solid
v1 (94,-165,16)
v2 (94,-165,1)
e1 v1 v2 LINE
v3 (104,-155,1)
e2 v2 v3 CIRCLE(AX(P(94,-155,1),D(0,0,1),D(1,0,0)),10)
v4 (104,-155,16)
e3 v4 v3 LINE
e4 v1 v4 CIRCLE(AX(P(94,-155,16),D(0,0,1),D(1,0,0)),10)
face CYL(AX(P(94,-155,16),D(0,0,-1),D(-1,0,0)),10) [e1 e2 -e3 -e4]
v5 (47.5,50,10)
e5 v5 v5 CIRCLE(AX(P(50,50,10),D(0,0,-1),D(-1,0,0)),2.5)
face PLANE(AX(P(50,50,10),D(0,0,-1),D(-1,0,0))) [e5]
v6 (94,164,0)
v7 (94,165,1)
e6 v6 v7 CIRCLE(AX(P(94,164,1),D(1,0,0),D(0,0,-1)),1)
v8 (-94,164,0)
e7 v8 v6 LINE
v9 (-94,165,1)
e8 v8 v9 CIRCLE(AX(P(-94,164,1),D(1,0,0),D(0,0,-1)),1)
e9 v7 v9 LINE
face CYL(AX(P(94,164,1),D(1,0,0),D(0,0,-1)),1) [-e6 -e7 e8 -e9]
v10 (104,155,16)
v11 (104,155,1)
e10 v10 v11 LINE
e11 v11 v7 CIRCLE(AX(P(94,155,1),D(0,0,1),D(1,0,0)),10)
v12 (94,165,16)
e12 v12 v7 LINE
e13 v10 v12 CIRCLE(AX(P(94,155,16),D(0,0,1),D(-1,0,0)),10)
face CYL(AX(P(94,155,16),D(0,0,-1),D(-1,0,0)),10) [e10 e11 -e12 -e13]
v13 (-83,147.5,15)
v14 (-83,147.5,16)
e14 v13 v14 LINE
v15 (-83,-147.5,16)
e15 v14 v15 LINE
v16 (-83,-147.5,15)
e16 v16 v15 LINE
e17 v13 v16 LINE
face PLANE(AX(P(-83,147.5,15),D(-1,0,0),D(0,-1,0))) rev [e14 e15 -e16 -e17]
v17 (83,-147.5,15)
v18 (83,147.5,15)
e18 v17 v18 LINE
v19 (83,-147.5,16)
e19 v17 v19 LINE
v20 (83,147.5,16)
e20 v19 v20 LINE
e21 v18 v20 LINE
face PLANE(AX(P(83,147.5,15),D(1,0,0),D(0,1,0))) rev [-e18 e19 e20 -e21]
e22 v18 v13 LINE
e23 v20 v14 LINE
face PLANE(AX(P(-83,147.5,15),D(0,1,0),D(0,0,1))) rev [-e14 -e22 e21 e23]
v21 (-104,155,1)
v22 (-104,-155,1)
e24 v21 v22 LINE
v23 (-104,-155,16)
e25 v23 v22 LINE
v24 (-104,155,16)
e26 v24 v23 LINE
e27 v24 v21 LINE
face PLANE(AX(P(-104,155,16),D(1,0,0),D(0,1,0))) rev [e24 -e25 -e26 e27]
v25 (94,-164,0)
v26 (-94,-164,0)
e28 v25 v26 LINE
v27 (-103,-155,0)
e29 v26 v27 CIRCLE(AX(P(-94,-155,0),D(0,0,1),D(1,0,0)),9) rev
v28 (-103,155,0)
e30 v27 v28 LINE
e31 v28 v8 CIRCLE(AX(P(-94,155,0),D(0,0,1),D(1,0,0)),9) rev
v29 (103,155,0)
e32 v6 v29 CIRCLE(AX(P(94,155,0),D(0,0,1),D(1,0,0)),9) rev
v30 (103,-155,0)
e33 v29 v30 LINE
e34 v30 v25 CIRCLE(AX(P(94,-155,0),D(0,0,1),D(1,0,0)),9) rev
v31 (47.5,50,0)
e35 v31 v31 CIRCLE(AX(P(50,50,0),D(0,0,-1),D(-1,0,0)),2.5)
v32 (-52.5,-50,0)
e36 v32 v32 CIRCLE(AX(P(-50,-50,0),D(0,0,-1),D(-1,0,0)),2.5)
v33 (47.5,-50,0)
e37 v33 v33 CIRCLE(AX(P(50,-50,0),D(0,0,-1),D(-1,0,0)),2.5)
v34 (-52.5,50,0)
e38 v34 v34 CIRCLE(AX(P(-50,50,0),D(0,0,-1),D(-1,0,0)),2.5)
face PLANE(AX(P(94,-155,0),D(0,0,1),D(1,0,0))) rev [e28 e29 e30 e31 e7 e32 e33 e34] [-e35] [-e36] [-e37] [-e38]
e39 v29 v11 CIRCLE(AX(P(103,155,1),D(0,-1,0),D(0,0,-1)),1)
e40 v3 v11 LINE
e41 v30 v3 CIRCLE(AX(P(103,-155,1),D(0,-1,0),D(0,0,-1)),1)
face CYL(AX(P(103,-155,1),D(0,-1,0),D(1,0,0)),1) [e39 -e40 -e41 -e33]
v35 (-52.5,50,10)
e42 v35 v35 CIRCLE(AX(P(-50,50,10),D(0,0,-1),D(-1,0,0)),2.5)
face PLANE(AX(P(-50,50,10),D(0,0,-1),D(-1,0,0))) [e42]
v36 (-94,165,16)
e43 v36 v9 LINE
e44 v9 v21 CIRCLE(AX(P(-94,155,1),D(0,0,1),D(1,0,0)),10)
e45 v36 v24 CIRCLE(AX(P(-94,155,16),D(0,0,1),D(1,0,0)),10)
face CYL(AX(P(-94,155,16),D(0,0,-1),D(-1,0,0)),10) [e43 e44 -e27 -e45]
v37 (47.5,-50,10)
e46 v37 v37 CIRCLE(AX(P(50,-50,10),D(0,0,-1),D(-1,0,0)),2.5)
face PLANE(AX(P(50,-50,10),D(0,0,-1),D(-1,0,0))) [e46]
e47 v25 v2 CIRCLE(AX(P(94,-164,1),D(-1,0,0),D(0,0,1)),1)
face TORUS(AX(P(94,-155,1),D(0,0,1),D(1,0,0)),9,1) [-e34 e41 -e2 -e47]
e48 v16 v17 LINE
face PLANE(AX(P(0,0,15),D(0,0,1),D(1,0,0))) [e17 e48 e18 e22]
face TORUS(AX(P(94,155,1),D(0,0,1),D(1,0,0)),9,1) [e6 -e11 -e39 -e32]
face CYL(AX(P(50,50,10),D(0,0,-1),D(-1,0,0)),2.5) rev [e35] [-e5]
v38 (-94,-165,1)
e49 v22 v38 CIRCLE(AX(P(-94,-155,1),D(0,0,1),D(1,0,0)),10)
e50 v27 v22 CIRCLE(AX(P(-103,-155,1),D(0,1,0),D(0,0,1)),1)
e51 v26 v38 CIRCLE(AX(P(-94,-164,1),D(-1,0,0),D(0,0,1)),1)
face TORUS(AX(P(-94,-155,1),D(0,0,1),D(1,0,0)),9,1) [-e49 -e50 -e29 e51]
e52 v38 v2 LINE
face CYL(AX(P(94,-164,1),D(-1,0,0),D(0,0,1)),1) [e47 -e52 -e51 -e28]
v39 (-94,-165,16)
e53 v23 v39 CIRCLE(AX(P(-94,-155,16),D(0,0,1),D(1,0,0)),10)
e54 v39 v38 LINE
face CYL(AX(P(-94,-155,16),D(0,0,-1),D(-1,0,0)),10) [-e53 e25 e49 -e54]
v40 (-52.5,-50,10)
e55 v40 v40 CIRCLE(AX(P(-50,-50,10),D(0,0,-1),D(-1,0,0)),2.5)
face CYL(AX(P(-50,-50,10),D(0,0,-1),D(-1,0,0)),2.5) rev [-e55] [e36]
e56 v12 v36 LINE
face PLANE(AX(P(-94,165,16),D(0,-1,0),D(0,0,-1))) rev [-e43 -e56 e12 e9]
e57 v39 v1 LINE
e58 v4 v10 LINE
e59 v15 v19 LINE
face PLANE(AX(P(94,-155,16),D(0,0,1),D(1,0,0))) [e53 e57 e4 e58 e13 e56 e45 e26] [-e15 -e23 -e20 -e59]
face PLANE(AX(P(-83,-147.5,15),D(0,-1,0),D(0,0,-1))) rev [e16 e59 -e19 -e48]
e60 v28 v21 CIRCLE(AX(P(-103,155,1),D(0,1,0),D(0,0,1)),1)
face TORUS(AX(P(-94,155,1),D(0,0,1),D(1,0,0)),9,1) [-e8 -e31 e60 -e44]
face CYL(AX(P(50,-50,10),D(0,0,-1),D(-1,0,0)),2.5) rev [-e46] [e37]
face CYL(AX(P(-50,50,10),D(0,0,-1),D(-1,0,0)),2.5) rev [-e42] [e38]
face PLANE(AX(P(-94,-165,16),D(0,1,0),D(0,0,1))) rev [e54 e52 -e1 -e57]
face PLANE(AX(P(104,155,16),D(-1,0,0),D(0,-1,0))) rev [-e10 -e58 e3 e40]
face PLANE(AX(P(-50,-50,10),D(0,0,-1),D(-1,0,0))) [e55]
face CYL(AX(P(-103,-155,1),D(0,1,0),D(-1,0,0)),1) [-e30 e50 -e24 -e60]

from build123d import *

# Parameters (mm, degrees)
BOSS_EXTRUDE1_DEPTH = 16
FILLET2_R           = 1
SKETCH2_W           = 166
SKETCH2_H           = 295
CUT_EXTRUDE1_DEPTH  = 1
SKETCH3_R           = 2.5
CUT_EXTRUDE2_DEPTH  = 10


with BuildPart() as part:
    # Sketch1 → Boss-Extrude1 (new body)
    with BuildSketch(Plane.XY):
        with BuildLine():
            Line((-94, 165), (94, 165))
            ThreePointArc((94, 165), (101.071067812, 162.071067812), (104, 155))
            Line((104, 155), (104, -155))
            ThreePointArc((104, -155), (101.071067812, -162.071067812), (94, -165))
            Line((94, -165), (-94, -165))
            ThreePointArc((-94, -165), (-101.071067812, -162.071067812), (-104, -155))
            Line((-104, -155), (-104, 155))
            ThreePointArc((-104, 155), (-101.071067812, 162.071067812), (-94, 165))
        make_face()
    extrude(amount=BOSS_EXTRUDE1_DEPTH)

    # Fillet2
    fillet2_edges = [part.edges().sort_by_distance(p)[0] for p in [
        (0, 165, 0),
        (101.071067812, 162.071067812, 0),
        (104, 0, 0),
        (101.071067812, -162.071067812, 0),
        (0, -165, 0),
        (-101.071067812, -162.071067812, 0),
        (-104, 0, 0),
        (-101.071067812, 162.071067812, 0),
    ]]
    fillet(fillet2_edges, radius=FILLET2_R)

    # Sketch2 → Cut-Extrude1 (cut)
    with BuildSketch(Plane.XY.offset(16)):
        Rectangle(SKETCH2_W, SKETCH2_H)
    extrude(amount=-CUT_EXTRUDE1_DEPTH, mode=Mode.SUBTRACT)

    # Sketch3 → Cut-Extrude2 (cut)
    with BuildSketch(Plane(origin=(0, 0, 0), x_dir=(-1, 0, 0), z_dir=(0, 0, -1))):
        with Locations((-50, 50)):
            Circle(SKETCH3_R)
        with Locations((50, 50)):
            Circle(SKETCH3_R)
        with Locations((50, -50)):
            Circle(SKETCH3_R)
        with Locations((-50, -50)):
            Circle(SKETCH3_R)
    extrude(amount=-CUT_EXTRUDE2_DEPTH, mode=Mode.SUBTRACT)


solid = part.part
